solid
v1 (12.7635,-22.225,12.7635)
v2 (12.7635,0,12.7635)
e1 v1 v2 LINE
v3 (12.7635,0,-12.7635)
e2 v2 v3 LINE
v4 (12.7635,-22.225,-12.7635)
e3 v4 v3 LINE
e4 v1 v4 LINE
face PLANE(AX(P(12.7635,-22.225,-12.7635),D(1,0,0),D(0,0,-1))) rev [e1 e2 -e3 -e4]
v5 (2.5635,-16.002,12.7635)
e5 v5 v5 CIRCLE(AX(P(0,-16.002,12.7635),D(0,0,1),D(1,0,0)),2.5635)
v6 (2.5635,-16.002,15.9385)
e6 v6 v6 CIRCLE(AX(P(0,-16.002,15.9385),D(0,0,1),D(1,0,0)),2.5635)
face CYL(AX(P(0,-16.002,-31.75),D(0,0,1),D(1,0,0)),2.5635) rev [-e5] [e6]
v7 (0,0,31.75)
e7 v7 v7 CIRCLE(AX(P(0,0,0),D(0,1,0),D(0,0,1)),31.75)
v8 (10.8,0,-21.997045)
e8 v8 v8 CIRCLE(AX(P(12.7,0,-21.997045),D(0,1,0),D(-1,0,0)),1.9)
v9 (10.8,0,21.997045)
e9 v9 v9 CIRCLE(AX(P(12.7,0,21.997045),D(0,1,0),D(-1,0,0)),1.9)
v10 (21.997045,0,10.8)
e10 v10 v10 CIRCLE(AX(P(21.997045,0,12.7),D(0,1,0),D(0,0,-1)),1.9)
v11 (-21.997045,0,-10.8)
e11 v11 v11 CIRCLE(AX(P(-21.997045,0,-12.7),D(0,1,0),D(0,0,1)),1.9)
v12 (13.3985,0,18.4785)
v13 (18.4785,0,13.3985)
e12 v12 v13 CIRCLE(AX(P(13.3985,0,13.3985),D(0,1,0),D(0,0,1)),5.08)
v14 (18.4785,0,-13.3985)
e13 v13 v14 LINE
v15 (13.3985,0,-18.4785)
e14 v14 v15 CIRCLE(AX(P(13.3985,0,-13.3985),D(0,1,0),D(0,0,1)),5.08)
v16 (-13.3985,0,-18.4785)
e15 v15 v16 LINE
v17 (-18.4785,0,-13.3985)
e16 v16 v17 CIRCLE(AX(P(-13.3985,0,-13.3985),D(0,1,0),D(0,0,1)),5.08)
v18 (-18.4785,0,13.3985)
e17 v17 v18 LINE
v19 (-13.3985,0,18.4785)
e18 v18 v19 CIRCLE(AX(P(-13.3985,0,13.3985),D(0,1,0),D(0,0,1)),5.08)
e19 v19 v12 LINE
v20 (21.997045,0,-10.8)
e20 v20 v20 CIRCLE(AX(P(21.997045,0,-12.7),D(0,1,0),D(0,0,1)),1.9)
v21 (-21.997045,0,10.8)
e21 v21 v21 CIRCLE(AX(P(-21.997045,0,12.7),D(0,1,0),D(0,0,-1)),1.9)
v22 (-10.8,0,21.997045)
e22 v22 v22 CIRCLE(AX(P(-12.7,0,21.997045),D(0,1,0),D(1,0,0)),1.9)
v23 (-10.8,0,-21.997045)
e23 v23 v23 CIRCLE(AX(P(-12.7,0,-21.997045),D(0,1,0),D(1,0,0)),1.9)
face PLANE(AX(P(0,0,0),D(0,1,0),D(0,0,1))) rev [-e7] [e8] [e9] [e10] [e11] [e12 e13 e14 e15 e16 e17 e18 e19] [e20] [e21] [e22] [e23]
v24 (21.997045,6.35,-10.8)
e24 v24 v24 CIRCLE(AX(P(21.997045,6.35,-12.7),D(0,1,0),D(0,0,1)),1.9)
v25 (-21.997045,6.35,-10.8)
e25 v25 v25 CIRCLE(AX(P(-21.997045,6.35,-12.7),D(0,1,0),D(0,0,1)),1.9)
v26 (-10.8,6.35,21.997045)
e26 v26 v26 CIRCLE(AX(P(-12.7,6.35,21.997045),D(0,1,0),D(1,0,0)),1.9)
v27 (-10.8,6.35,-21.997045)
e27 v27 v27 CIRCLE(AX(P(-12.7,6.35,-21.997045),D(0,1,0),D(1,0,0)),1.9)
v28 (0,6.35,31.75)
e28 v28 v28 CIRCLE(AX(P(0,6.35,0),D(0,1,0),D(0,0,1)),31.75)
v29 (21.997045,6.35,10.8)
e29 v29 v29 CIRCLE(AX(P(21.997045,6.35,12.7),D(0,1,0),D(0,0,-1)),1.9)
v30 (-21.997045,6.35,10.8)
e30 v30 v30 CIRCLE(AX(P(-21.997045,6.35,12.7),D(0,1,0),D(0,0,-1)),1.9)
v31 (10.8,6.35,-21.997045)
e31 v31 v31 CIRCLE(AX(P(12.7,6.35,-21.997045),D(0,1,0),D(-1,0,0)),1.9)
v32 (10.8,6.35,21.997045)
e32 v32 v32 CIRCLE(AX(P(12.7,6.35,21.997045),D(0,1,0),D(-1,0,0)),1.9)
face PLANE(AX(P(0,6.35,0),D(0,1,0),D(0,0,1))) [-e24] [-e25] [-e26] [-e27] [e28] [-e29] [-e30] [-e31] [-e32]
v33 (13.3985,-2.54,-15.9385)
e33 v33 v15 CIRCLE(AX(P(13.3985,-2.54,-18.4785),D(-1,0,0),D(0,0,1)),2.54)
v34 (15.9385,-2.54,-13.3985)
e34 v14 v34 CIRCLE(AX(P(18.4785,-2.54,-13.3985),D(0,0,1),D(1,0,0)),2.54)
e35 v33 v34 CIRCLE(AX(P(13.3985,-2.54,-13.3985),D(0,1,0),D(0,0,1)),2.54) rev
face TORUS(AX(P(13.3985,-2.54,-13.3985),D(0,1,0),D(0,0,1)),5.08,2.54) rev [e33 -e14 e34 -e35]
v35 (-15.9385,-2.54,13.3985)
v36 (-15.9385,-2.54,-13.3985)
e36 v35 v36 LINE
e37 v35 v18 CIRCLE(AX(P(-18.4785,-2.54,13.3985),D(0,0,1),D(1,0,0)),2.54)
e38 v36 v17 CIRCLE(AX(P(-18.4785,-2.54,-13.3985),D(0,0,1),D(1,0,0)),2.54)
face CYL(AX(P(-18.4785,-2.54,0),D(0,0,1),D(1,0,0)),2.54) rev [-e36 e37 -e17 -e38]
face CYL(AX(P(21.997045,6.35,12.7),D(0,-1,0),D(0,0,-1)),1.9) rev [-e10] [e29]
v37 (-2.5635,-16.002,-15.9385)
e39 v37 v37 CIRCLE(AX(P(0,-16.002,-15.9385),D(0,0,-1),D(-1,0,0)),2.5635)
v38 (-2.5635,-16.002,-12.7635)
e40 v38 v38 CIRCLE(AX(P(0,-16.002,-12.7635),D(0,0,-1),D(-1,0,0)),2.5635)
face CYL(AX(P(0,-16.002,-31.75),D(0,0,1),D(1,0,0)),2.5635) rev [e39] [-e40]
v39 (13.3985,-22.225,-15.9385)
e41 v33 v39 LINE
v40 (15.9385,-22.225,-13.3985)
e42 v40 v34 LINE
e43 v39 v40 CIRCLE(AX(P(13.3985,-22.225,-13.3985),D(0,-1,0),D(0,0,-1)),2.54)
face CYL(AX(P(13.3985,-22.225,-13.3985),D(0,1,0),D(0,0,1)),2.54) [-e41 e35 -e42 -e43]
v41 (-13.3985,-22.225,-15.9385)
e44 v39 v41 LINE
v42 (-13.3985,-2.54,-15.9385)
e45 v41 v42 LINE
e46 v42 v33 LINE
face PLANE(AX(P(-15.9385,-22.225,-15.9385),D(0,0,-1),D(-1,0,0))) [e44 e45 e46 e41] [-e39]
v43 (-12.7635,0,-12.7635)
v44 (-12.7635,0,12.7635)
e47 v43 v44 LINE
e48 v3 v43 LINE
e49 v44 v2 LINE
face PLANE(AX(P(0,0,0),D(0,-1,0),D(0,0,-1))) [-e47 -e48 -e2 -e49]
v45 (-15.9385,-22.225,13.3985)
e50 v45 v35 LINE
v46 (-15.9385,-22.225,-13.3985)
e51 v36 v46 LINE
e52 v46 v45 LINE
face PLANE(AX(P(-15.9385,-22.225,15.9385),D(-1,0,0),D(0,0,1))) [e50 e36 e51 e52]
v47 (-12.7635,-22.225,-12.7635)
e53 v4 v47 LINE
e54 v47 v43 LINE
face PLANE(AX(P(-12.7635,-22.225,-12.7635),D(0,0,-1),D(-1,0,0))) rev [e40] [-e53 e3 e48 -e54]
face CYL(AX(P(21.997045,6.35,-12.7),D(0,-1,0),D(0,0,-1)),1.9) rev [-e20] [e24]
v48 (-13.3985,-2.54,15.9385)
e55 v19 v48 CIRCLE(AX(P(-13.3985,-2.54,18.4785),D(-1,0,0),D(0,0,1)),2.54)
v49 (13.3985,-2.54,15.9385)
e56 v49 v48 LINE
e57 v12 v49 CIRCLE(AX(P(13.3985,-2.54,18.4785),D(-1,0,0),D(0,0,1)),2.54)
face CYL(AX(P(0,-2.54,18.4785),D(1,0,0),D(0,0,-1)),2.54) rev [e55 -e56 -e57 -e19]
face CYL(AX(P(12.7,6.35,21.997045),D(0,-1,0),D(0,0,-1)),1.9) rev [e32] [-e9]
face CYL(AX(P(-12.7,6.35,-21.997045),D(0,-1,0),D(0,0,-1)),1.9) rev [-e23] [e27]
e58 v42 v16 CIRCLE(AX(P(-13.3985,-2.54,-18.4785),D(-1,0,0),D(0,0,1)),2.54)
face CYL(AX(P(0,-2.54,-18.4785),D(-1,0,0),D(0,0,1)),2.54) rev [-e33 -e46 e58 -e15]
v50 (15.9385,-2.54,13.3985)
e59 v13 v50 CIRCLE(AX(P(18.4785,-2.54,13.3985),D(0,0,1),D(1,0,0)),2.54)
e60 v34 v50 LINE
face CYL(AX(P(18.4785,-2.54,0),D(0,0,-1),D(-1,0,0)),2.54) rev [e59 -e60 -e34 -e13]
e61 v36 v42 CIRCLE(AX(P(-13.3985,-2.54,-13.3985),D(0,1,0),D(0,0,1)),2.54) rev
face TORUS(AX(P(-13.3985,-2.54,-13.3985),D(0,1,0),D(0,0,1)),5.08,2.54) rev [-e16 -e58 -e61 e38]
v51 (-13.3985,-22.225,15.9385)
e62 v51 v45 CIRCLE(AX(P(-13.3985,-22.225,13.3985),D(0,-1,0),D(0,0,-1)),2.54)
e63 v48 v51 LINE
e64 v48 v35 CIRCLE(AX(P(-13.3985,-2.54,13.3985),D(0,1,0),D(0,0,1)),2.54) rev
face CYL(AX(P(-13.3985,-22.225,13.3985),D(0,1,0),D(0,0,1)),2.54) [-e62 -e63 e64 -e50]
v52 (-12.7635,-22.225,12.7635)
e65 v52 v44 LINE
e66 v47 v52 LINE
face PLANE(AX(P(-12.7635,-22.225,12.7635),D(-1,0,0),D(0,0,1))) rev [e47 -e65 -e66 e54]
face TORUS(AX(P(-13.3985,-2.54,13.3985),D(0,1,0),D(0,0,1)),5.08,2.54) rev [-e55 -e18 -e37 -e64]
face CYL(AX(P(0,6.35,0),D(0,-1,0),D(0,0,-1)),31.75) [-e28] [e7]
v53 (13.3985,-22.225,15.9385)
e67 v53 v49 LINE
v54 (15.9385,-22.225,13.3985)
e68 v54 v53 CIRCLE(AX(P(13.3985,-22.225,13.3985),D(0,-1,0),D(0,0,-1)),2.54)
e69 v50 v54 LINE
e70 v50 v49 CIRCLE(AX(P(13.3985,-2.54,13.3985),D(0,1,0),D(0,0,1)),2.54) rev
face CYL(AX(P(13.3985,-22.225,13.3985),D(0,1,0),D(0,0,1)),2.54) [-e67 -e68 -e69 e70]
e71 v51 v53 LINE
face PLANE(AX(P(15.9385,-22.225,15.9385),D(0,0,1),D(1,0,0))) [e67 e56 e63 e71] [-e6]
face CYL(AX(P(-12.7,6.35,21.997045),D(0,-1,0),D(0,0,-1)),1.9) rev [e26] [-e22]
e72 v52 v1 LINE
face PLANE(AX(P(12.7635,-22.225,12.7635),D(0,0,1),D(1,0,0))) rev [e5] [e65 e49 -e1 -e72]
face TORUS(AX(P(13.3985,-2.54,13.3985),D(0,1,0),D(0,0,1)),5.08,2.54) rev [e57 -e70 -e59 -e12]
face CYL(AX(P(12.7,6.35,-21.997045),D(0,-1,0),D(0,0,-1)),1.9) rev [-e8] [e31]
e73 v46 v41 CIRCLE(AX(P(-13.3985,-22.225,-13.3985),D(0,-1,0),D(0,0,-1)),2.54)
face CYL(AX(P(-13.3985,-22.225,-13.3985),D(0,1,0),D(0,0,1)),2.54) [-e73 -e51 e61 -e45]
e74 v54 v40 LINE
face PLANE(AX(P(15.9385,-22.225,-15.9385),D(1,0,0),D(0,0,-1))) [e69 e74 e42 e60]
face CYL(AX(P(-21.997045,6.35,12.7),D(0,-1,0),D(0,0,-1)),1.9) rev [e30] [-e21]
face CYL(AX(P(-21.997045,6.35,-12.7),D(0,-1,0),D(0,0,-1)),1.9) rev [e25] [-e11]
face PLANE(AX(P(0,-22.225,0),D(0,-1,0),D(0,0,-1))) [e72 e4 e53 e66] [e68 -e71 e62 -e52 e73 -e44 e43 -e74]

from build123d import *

# Parameters (mm, degrees)
SKETCH2_R               = 31.75
BOSS_EXTRUDE1_DEPTH     = 6.35
SKETCH3_W               = 31.877
SKETCH3_H               = 31.877
BOSS_EXTRUDE2_DEPTH     = 22.225
SKETCH4_W               = 25.527
SKETCH4_H               = 25.527
CUT_EXTRUDE1_DEPTH      = 23.225
SKETCH5_R               = 1.90000001
CUT_EXTRUDE2_DEPTH      = 7.35
SKETCH7_R               = 2.563499953
CUT_EXTRUDE3_DEPTH      = 32.75
CUT_EXTRUDE3_DEPTH_BACK = 32.75
CIRPATTERN2_COUNT       = 4
FILLET2_R               = 2.54
FILLET3_R               = 2.54


with BuildPart() as part:
    # Sketch2 → Boss-Extrude1 (new body)
    with BuildSketch(Plane(origin=(0, 0, 0), x_dir=(1, 0, 0), z_dir=(0, 1, 0))):
        Circle(SKETCH2_R)
    extrude(amount=BOSS_EXTRUDE1_DEPTH)

    # Sketch3 → Boss-Extrude2 (add)
    with BuildSketch(Plane(origin=(0, 0, 0), x_dir=(1, 0, 0), z_dir=(0, 1, 0))):
        Rectangle(SKETCH3_W, SKETCH3_H)
    extrude(amount=-BOSS_EXTRUDE2_DEPTH)

    # Sketch4 → Cut-Extrude1 (cut, through all)
    with BuildSketch(Plane(origin=(0, 0, 0), x_dir=(1, 0, 0), z_dir=(0, 1, 0))):
        Rectangle(SKETCH4_W, SKETCH4_H)
    extrude(amount=-CUT_EXTRUDE1_DEPTH, mode=Mode.SUBTRACT)

    # Sketch5 → Cut-Extrude2 (cut, through all)
    with BuildSketch(Plane(origin=(0, 0, 0), x_dir=(1, 0, 0), z_dir=(0, 1, 0))):
        with Locations((21.997045256, 12.7)):
            Circle(SKETCH5_R)
        with Locations((21.997045256, -12.7)):
            Circle(SKETCH5_R)
    cut_extrude2 = extrude(amount=CUT_EXTRUDE2_DEPTH, mode=Mode.SUBTRACT)

    # Sketch7 → Cut-Extrude3 (cut, two sides)
    with BuildSketch(Plane.XY) as cut_extrude3_sk:
        with Locations((0, -16.002)):
            Circle(SKETCH7_R)
    extrude(amount=CUT_EXTRUDE3_DEPTH, mode=Mode.SUBTRACT)
    extrude(cut_extrude3_sk.sketch, amount=-CUT_EXTRUDE3_DEPTH_BACK, mode=Mode.SUBTRACT)

    # CirPattern2: Cut-Extrude2 ×4 about axis
    cirpattern2_axis = Axis((0, 0, 0), (0, 1, 0))
    for i in range(1, CIRPATTERN2_COUNT):
        add(cut_extrude2.rotate(cirpattern2_axis, i * 360 / CIRPATTERN2_COUNT), mode=Mode.SUBTRACT)

    # Fillet2
    fillet2_edges = [part.edges().sort_by_distance(p)[0] for p in [
        (-15.9385, -11.1125, -15.9385),
        (15.9385, -11.1125, -15.9385),
        (15.9385, -11.1125, 15.9385),
        (-15.9385, -11.1125, 15.9385),
    ]]
    fillet(fillet2_edges, radius=FILLET2_R)

    # Fillet3
    fillet3_edges = [part.edges().sort_by_distance(p)[0] for p in [
        (-15.9385, 0, 0),
        (0, 0, 15.9385),
        (15.9385, 0, 0),
        (0, 0, -15.9385),
        (-15.194551224, 0, 15.194551224),
        (15.194551224, 0, 15.194551224),
        (15.194551224, 0, -15.194551224),
        (-15.194551224, 0, -15.194551224),
    ]]
    fillet(fillet3_edges, radius=FILLET3_R)


solid = part.part
